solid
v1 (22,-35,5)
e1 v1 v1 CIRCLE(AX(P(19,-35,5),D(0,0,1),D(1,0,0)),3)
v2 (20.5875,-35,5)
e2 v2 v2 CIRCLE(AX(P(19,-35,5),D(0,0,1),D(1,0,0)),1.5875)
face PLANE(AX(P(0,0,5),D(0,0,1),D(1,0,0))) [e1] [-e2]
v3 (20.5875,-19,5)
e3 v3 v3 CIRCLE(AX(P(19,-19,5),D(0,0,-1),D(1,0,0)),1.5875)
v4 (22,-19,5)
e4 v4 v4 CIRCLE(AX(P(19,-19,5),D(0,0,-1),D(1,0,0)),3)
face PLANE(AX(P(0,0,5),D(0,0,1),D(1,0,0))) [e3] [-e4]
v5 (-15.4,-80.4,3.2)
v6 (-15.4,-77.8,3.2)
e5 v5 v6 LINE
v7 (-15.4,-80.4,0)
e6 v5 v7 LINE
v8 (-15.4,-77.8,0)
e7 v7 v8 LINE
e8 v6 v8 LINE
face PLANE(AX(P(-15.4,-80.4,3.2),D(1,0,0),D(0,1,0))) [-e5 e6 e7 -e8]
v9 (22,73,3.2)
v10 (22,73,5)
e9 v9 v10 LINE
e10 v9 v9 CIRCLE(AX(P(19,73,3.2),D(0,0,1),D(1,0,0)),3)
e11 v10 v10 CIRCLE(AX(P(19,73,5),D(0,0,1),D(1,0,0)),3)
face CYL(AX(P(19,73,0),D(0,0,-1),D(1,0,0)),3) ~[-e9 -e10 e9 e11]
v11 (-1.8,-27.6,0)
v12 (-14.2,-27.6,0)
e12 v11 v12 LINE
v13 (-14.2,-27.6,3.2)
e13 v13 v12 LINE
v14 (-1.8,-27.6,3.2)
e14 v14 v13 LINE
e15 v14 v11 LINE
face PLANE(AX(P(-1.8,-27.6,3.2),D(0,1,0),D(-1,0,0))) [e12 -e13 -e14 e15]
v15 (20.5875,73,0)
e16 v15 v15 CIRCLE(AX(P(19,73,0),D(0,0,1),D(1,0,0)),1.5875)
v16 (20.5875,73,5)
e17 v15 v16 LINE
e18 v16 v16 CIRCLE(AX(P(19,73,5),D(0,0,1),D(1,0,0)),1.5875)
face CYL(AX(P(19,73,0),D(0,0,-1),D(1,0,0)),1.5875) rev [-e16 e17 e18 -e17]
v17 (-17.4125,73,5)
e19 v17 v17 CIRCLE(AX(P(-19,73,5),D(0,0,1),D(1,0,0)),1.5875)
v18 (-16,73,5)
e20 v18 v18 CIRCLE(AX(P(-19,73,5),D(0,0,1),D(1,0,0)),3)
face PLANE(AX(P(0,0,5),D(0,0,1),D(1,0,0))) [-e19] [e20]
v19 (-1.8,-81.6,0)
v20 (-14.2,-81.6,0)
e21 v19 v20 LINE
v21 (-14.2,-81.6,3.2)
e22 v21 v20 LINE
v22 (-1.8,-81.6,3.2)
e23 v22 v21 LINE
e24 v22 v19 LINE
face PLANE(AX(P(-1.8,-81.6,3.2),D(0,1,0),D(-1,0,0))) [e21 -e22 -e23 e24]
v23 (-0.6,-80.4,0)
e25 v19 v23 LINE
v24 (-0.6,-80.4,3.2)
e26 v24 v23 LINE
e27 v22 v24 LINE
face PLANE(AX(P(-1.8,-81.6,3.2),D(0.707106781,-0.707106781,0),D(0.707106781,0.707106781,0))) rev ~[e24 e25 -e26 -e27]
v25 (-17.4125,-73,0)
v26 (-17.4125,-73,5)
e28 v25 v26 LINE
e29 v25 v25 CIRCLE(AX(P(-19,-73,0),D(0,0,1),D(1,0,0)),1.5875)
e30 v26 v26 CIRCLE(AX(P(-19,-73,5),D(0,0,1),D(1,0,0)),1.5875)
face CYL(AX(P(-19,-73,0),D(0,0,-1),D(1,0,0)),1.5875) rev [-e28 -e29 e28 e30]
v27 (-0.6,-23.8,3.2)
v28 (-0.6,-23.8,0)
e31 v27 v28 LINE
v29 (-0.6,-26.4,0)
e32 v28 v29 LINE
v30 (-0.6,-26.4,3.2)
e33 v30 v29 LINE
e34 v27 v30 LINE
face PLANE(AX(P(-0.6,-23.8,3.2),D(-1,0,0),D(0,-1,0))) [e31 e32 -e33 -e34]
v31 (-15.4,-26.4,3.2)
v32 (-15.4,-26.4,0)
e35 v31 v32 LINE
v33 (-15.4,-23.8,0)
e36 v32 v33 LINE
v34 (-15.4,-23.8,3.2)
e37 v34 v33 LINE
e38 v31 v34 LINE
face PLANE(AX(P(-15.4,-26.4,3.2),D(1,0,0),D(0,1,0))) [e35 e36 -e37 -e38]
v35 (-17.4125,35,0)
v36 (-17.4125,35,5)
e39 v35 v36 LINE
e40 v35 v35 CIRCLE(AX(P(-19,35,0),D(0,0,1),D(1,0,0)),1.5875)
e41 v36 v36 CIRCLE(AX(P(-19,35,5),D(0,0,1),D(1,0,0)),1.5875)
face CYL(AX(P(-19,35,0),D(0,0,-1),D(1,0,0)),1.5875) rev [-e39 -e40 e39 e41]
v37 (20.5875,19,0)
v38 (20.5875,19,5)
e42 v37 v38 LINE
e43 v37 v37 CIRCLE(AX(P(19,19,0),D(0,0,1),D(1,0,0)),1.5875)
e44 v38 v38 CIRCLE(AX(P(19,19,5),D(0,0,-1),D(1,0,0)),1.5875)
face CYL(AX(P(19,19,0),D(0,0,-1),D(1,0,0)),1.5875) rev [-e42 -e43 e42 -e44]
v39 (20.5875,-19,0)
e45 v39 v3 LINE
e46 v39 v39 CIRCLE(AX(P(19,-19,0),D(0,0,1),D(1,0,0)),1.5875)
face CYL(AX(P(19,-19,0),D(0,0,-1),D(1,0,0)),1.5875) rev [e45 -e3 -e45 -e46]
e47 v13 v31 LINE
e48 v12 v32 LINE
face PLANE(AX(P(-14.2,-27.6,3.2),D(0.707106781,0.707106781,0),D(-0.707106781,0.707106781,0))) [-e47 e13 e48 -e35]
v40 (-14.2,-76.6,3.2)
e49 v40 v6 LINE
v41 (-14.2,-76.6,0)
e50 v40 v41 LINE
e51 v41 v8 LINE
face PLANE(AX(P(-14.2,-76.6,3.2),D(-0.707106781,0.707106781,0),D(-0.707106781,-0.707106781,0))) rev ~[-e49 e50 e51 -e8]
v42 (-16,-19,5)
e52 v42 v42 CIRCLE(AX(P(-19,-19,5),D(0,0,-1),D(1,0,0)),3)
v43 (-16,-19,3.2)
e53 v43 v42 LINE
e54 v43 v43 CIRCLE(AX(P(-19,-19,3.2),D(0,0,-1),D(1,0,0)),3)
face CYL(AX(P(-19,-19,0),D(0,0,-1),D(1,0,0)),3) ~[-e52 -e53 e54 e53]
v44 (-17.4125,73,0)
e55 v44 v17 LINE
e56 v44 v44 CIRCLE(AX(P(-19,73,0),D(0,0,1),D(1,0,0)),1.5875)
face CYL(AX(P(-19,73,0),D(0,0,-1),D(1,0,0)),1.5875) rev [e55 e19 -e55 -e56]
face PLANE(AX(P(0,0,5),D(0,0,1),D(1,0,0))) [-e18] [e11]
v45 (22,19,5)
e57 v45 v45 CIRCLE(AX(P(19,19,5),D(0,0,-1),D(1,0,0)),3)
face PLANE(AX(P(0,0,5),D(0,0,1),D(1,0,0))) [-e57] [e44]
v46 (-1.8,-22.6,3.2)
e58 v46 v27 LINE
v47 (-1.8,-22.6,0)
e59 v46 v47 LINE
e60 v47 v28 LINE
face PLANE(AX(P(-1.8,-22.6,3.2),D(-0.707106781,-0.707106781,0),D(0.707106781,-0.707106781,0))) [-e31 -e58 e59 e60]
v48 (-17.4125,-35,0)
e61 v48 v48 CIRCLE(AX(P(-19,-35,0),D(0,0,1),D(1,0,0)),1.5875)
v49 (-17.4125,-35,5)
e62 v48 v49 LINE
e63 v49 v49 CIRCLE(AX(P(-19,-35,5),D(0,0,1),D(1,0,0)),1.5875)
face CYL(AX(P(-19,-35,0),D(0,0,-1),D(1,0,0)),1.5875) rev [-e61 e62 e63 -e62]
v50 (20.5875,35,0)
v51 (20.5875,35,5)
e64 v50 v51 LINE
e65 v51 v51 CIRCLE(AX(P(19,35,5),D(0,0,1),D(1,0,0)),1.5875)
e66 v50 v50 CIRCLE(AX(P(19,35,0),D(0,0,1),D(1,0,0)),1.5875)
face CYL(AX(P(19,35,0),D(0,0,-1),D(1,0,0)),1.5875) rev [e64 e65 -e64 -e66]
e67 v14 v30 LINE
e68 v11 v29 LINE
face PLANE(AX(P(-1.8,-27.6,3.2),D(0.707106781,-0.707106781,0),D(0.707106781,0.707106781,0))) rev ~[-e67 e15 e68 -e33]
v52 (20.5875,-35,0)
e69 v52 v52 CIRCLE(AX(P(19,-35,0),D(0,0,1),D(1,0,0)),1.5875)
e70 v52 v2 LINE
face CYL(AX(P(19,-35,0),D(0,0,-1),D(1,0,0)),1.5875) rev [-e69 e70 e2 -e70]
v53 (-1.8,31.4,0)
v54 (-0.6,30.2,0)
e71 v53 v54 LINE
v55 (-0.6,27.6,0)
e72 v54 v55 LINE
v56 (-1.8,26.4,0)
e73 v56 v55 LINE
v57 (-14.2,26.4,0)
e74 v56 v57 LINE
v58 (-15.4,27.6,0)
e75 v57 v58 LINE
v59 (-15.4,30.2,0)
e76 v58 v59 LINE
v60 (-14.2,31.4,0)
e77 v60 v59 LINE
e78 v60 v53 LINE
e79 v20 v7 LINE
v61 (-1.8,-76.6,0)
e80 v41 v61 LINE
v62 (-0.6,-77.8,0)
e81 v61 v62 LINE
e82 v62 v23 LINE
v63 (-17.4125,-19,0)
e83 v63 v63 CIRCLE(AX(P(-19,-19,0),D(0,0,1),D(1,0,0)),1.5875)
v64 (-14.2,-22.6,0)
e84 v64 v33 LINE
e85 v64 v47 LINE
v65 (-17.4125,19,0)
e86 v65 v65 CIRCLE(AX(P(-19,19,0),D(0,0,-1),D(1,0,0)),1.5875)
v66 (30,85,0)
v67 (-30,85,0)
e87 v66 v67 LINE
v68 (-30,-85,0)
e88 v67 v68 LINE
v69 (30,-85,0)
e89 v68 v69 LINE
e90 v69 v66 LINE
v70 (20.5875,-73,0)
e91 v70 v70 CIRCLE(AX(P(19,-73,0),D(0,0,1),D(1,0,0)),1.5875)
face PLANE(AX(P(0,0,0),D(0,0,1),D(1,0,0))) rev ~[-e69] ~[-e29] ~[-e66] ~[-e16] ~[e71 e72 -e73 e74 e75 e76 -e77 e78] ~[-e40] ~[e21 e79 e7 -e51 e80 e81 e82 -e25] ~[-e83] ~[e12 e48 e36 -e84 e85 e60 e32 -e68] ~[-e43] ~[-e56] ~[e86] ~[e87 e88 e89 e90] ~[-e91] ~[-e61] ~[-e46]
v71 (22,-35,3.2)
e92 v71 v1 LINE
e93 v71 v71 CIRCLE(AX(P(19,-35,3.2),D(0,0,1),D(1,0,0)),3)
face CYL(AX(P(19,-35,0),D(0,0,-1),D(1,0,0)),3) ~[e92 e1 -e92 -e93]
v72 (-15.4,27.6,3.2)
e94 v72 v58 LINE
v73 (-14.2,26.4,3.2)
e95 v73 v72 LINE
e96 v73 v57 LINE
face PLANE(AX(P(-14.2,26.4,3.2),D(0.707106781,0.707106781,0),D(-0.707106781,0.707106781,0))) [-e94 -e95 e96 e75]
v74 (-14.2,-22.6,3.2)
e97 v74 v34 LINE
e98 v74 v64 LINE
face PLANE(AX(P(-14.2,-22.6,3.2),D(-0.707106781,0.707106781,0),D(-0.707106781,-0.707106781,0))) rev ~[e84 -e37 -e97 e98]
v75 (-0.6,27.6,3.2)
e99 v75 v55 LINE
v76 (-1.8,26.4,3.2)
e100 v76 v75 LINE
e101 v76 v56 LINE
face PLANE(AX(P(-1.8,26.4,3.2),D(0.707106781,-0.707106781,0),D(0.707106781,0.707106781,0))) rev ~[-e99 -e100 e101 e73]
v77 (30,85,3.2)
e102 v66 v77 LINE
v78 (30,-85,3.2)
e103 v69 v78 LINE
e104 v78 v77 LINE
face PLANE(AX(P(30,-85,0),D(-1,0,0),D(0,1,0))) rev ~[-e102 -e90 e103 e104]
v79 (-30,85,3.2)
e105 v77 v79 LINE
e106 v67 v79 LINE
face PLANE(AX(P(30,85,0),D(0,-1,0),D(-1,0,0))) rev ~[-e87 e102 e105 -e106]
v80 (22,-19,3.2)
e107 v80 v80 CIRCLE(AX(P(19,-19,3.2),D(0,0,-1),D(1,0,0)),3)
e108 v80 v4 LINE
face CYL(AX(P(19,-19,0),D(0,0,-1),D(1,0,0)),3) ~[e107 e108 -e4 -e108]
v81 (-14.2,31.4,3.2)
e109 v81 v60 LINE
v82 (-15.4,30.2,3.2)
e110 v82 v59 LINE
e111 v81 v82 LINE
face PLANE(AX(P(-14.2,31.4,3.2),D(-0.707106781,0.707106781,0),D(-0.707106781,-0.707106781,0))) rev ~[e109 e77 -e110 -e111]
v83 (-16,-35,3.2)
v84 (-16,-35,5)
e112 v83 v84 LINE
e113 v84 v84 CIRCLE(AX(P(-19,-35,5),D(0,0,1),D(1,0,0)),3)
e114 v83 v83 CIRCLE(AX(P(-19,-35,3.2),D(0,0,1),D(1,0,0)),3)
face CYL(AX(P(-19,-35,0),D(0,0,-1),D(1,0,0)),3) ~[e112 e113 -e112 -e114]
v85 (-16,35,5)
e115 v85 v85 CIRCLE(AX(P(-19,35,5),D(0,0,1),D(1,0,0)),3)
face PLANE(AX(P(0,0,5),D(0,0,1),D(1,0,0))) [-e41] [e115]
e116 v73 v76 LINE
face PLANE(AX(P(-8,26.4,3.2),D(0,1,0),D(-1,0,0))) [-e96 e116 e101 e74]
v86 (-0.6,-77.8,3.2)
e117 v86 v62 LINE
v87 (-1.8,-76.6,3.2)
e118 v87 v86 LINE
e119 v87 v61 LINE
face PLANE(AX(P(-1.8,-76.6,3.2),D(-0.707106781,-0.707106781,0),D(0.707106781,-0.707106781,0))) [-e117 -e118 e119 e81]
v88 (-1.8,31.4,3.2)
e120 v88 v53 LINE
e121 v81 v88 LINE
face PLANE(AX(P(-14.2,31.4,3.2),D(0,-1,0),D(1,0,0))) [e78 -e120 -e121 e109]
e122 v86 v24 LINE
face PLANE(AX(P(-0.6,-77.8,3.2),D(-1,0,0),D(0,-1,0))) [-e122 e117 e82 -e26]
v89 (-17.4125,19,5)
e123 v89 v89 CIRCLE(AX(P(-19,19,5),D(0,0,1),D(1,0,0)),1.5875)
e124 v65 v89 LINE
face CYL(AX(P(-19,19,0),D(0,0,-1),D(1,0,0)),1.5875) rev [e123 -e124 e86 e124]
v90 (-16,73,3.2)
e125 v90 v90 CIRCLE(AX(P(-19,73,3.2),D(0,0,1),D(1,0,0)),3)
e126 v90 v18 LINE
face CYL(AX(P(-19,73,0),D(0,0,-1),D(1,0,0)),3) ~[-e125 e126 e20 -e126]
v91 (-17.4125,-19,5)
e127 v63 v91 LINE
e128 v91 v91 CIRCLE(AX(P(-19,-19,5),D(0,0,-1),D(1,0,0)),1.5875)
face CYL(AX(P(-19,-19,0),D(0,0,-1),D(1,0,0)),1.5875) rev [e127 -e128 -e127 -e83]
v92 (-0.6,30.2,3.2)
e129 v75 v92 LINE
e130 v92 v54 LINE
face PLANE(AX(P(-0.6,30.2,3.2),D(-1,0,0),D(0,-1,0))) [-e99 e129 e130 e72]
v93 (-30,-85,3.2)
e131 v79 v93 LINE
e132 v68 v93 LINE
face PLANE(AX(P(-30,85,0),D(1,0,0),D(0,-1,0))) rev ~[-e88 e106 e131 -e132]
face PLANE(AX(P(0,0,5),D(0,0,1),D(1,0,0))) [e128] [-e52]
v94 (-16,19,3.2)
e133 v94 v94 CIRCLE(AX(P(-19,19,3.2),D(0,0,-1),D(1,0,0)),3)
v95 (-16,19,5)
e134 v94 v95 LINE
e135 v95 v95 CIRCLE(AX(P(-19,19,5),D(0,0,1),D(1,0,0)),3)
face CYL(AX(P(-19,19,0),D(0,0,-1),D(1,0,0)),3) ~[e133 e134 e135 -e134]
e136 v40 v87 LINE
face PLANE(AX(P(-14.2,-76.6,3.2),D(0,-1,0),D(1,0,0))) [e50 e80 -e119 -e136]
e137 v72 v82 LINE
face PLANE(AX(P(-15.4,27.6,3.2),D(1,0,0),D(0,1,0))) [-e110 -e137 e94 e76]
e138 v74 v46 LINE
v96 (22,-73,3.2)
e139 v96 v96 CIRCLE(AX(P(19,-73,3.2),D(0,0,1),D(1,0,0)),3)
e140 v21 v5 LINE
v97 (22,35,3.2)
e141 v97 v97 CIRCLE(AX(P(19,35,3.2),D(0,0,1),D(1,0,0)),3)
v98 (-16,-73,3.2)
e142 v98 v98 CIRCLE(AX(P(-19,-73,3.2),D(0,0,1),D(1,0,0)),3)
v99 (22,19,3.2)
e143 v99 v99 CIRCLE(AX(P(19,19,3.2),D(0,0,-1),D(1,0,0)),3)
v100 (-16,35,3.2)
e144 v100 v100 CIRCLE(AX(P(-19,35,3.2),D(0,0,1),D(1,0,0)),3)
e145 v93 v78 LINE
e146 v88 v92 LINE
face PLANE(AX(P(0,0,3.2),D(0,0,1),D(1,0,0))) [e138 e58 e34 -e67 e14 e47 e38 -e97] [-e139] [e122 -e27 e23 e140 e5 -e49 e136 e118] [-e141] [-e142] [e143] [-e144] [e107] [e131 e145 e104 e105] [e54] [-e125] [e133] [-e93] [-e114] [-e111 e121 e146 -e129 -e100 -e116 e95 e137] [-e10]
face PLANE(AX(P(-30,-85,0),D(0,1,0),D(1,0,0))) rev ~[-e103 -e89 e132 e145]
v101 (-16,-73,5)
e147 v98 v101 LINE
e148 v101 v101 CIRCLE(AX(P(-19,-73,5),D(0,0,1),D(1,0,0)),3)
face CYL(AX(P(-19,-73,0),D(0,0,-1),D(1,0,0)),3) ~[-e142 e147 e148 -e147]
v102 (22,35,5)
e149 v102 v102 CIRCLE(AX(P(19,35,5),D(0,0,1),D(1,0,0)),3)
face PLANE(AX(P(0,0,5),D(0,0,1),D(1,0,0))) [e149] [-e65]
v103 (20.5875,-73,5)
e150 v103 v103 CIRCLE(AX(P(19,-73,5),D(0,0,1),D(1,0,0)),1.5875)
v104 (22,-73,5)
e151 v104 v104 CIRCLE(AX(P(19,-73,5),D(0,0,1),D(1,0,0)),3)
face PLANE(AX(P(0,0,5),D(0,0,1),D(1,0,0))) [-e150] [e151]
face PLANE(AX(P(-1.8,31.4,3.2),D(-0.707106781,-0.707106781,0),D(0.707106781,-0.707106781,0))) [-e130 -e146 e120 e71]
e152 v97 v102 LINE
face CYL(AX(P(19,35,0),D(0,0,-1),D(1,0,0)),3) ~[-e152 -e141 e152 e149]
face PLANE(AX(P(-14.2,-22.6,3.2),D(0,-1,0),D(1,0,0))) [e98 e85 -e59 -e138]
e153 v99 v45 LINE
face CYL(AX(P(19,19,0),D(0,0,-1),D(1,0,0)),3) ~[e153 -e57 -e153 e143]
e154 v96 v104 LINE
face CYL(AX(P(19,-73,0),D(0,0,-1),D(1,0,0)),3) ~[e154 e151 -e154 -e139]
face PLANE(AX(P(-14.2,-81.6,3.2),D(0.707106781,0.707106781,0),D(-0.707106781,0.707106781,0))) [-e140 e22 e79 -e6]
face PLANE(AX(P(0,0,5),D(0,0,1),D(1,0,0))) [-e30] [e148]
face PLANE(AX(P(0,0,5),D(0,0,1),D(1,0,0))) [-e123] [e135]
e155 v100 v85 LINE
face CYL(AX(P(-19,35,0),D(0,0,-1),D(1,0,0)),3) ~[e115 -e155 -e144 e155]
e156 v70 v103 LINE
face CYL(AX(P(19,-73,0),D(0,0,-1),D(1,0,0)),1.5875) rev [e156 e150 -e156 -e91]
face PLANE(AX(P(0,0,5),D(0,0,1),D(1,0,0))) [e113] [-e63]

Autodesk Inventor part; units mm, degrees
ref_plane "YZ Plane" through (0, 0, 0) normal (1, 0, 0) x (0, 1, 0)
ref_plane "XZ Plane" through (0, 0, 0) normal (0, 1, 0) x (-1, 0, 0)
ref_plane "XY Plane" through (0, 0, 0) normal (0, 0, 1) x (1, 0, 0)
sketch "Sketch1" plane through (0, 0, 0) normal (0, 0, 1) x (1, 0, 0)
  line L0 (-30, -85) -> (30, -85)
  line L1 (30, -85) -> (30, 85)
  line L2 (30, 85) -> (-30, 85)
  line L3 (-30, 85) -> (-30, -85)
  line L4 (-30, -85) -> (30, 85) construction
  line L5 (30, -85) -> (-30, 85) construction
  line L6 (-19, 19) -> (19, 19)
  line L7 (19, 19) -> (19, -19)
  line L8 (19, -19) -> (-19, -19)
  line L9 (-19, -19) -> (-19, 19)
  line L10 (-19, 19) -> (19, -19) construction
  line L11 (19, 19) -> (-19, -19) construction
  circle A0 centre (19, 19) radius 1.5875
  circle A1 centre (19, 19) radius 3
  circle A2 centre (-19, 19) radius 3
  circle A3 centre (-19, 19) radius 1.5875
  circle A4 centre (-19, -19) radius 3
  circle A5 centre (-19, -19) radius 1.5875
  circle A6 centre (19, -19) radius 3
  circle A7 centre (19, -19) radius 1.5875
  circle A8 centre (19, -35) radius 3
  circle A9 centre (19, -35) radius 1.5875
  circle A10 centre (-19, -35) radius 1.5875
  circle A11 centre (-19, -35) radius 3
  circle A12 centre (-19, -73) radius 3
  circle A13 centre (-19, -73) radius 1.5875
  circle A14 centre (19, -73) radius 3
  circle A15 centre (19, -73) radius 1.5875
  circle A16 centre (19, 73) radius 3
  circle A17 centre (19, 73) radius 1.5875
  circle A18 centre (-19, 73) radius 1.5875
  circle A19 centre (-19, 73) radius 3
  circle A20 centre (-19, 35) radius 3
  circle A21 centre (-19, 35) radius 1.5875
  circle A22 centre (19, 35) radius 3
  circle A23 centre (19, 35) radius 1.5875
  circle A24 centre (19, 19) radius 3
  circle A25 centre (19, 19) radius 1.5875
  circle A26 centre (-19, 19) radius 1.5875
  circle A27 centre (-19, 19) radius 3
  circle A28 centre (-19, -19) radius 3
  circle A29 centre (-19, -19) radius 1.5875
  circle A30 centre (19, -19) radius 3
  circle A31 centre (19, -19) radius 1.5875
  point P0 (0, 0)
  dimension "d0" = 170
  dimension "d1" = 60
  dimension "d2" = 38
  dimension "d3" = 38
  dimension "d6" = 6
  dimension "d7" = 3.175
  dimension "d10" = 360
  dimension "d14" = 54
  dimension "d17" = 54
extrude "Extrusion1" add sketch "Sketch1" along normal blind 3.2 contours L3 L2 L1 L0 | L6 A1 L7 A6 L8 A4 L9 A2
extrude "Extrusion2" add sketch "Sketch1" along normal blind 5 contours A3 L9 A2 L6 | L6 A2 L9 A3 | A1 L7 A0 L6 | L6 A0 L7 A1 | A4 L8 A5 L9 | L9 A5 L8 A4 | A6 L8 A7 L7 | L7 A7 L8 A6 | A8 | A11 | A12 | A14 | A16 | A19 | A20 | A22
sketch "Sketch2" plane through (0, 0, 3.2) normal (0, 0, 1) x (1, 0, 0)
  line L0 (-15.4, 31.4) -> (-0.6, 31.4)
  line L1 (-0.6, 31.4) -> (-0.6, 26.4)
  line L2 (-0.6, 26.4) -> (-15.4, 26.4)
  line L3 (-15.4, 26.4) -> (-15.4, 31.4)
  circle A0 centre (-19, 35) radius 1.5875 projected
  line L4 (-19, 35) -> (-15.4, 31.4)
  line L5 (-19, 35) -> (-14, 35)
  line L6 (-30, 85) -> (-30, -85) projected
  line L7 (-30, 0) -> (-30, 23)
  line L8 (-15.4, -22.6) -> (-0.6, -22.6)
  line L9 (-0.6, -22.6) -> (-0.6, -27.6)
  line L10 (-0.6, -27.6) -> (-15.4, -27.6)
  line L11 (-15.4, -27.6) -> (-15.4, -22.6)
  line L12 (-15.4, -76.6) -> (-0.6, -76.6)
  line L13 (-0.6, -76.6) -> (-0.6, -81.6)
  line L14 (-0.6, -81.6) -> (-15.4, -81.6)
  line L15 (-15.4, -81.6) -> (-15.4, -76.6)
  line L16 (-14.2, 31.4) -> (-15.4, 30.2)
  line L17 (-8, 26.4) -> (-8, 31.4)
  line L18 (-0.6, 28.9) -> (-8, 28.9)
  line L19 (-1.8, 31.4) -> (-0.6, 30.2)
  line L20 (-14.2, 26.4) -> (-15.4, 27.6)
  line L21 (-1.8, 26.4) -> (-0.6, 27.6)
  line L22 (-14.2, -22.6) -> (-15.4, -23.8)
  line L23 (-1.8, -22.6) -> (-0.6, -23.8)
  line L24 (-1.8, -27.6) -> (-0.6, -26.4)
  line L25 (-14.2, -27.6) -> (-15.4, -26.4)
  line L26 (-14.2, -76.6) -> (-15.4, -77.8)
  line L27 (-1.8, -76.6) -> (-0.6, -77.8)
  line L28 (-1.8, -81.6) -> (-0.6, -80.4)
  line L29 (-14.2, -81.6) -> (-15.4, -80.4)
  point P0 (0, 0)
  point P1 (-15.4, -80.4)
  point P2 (-0.6, -80.4)
  point P3 (-0.6, -77.8)
  point P4 (-15.4, -77.8)
  point P5 (-15.4, -26.4)
  point P6 (-0.6, -26.4)
  point P7 (-0.6, -23.8)
  point P8 (-15.4, -23.8)
  point P9 (-15.4, 27.6)
  point P10 (-0.6, 27.6)
  point P11 (-0.6, 30.2)
  dimension "d24" = 5
  dimension "d25" = 45
  dimension "d26" = 14.8
  dimension "d27" = 5
  dimension "d31" = 54
  dimension "d38" = 3.6
  dimension "d39" = 135
  dimension "d40" = 1.2
  dimension "d43" = 54
extrude "Extrusion3" cut sketch "Sketch2" against normal blind 5 contours L0 L17 L2 L20 L3 L16 | L0 L19 L1 L18 L17 | L18 L1 L21 L2 L17 | L8 L23 L9 L24 L10 L25 L11 L22 | L12 L27 L13 L28 L14 L29 L15 L26
sketch "Sketch4" plane through (0, 0, 3.2) normal (0, 0, 1) x (1, 0, 0)
  line L0 (-30, 85) -> (-30, -85) projected
  line L1 (-30, -85) -> (30, -85)
  line L2 (30, -85) -> (30, -110)
  line L3 (30, -110) -> (-30, -110)
  line L4 (-30, -110) -> (-30, -85)
  point P0 (0, 0)
  dimension "d54" = 60
  dimension "d55" = 25
properties part number "BasePotencia" material "Gold"
